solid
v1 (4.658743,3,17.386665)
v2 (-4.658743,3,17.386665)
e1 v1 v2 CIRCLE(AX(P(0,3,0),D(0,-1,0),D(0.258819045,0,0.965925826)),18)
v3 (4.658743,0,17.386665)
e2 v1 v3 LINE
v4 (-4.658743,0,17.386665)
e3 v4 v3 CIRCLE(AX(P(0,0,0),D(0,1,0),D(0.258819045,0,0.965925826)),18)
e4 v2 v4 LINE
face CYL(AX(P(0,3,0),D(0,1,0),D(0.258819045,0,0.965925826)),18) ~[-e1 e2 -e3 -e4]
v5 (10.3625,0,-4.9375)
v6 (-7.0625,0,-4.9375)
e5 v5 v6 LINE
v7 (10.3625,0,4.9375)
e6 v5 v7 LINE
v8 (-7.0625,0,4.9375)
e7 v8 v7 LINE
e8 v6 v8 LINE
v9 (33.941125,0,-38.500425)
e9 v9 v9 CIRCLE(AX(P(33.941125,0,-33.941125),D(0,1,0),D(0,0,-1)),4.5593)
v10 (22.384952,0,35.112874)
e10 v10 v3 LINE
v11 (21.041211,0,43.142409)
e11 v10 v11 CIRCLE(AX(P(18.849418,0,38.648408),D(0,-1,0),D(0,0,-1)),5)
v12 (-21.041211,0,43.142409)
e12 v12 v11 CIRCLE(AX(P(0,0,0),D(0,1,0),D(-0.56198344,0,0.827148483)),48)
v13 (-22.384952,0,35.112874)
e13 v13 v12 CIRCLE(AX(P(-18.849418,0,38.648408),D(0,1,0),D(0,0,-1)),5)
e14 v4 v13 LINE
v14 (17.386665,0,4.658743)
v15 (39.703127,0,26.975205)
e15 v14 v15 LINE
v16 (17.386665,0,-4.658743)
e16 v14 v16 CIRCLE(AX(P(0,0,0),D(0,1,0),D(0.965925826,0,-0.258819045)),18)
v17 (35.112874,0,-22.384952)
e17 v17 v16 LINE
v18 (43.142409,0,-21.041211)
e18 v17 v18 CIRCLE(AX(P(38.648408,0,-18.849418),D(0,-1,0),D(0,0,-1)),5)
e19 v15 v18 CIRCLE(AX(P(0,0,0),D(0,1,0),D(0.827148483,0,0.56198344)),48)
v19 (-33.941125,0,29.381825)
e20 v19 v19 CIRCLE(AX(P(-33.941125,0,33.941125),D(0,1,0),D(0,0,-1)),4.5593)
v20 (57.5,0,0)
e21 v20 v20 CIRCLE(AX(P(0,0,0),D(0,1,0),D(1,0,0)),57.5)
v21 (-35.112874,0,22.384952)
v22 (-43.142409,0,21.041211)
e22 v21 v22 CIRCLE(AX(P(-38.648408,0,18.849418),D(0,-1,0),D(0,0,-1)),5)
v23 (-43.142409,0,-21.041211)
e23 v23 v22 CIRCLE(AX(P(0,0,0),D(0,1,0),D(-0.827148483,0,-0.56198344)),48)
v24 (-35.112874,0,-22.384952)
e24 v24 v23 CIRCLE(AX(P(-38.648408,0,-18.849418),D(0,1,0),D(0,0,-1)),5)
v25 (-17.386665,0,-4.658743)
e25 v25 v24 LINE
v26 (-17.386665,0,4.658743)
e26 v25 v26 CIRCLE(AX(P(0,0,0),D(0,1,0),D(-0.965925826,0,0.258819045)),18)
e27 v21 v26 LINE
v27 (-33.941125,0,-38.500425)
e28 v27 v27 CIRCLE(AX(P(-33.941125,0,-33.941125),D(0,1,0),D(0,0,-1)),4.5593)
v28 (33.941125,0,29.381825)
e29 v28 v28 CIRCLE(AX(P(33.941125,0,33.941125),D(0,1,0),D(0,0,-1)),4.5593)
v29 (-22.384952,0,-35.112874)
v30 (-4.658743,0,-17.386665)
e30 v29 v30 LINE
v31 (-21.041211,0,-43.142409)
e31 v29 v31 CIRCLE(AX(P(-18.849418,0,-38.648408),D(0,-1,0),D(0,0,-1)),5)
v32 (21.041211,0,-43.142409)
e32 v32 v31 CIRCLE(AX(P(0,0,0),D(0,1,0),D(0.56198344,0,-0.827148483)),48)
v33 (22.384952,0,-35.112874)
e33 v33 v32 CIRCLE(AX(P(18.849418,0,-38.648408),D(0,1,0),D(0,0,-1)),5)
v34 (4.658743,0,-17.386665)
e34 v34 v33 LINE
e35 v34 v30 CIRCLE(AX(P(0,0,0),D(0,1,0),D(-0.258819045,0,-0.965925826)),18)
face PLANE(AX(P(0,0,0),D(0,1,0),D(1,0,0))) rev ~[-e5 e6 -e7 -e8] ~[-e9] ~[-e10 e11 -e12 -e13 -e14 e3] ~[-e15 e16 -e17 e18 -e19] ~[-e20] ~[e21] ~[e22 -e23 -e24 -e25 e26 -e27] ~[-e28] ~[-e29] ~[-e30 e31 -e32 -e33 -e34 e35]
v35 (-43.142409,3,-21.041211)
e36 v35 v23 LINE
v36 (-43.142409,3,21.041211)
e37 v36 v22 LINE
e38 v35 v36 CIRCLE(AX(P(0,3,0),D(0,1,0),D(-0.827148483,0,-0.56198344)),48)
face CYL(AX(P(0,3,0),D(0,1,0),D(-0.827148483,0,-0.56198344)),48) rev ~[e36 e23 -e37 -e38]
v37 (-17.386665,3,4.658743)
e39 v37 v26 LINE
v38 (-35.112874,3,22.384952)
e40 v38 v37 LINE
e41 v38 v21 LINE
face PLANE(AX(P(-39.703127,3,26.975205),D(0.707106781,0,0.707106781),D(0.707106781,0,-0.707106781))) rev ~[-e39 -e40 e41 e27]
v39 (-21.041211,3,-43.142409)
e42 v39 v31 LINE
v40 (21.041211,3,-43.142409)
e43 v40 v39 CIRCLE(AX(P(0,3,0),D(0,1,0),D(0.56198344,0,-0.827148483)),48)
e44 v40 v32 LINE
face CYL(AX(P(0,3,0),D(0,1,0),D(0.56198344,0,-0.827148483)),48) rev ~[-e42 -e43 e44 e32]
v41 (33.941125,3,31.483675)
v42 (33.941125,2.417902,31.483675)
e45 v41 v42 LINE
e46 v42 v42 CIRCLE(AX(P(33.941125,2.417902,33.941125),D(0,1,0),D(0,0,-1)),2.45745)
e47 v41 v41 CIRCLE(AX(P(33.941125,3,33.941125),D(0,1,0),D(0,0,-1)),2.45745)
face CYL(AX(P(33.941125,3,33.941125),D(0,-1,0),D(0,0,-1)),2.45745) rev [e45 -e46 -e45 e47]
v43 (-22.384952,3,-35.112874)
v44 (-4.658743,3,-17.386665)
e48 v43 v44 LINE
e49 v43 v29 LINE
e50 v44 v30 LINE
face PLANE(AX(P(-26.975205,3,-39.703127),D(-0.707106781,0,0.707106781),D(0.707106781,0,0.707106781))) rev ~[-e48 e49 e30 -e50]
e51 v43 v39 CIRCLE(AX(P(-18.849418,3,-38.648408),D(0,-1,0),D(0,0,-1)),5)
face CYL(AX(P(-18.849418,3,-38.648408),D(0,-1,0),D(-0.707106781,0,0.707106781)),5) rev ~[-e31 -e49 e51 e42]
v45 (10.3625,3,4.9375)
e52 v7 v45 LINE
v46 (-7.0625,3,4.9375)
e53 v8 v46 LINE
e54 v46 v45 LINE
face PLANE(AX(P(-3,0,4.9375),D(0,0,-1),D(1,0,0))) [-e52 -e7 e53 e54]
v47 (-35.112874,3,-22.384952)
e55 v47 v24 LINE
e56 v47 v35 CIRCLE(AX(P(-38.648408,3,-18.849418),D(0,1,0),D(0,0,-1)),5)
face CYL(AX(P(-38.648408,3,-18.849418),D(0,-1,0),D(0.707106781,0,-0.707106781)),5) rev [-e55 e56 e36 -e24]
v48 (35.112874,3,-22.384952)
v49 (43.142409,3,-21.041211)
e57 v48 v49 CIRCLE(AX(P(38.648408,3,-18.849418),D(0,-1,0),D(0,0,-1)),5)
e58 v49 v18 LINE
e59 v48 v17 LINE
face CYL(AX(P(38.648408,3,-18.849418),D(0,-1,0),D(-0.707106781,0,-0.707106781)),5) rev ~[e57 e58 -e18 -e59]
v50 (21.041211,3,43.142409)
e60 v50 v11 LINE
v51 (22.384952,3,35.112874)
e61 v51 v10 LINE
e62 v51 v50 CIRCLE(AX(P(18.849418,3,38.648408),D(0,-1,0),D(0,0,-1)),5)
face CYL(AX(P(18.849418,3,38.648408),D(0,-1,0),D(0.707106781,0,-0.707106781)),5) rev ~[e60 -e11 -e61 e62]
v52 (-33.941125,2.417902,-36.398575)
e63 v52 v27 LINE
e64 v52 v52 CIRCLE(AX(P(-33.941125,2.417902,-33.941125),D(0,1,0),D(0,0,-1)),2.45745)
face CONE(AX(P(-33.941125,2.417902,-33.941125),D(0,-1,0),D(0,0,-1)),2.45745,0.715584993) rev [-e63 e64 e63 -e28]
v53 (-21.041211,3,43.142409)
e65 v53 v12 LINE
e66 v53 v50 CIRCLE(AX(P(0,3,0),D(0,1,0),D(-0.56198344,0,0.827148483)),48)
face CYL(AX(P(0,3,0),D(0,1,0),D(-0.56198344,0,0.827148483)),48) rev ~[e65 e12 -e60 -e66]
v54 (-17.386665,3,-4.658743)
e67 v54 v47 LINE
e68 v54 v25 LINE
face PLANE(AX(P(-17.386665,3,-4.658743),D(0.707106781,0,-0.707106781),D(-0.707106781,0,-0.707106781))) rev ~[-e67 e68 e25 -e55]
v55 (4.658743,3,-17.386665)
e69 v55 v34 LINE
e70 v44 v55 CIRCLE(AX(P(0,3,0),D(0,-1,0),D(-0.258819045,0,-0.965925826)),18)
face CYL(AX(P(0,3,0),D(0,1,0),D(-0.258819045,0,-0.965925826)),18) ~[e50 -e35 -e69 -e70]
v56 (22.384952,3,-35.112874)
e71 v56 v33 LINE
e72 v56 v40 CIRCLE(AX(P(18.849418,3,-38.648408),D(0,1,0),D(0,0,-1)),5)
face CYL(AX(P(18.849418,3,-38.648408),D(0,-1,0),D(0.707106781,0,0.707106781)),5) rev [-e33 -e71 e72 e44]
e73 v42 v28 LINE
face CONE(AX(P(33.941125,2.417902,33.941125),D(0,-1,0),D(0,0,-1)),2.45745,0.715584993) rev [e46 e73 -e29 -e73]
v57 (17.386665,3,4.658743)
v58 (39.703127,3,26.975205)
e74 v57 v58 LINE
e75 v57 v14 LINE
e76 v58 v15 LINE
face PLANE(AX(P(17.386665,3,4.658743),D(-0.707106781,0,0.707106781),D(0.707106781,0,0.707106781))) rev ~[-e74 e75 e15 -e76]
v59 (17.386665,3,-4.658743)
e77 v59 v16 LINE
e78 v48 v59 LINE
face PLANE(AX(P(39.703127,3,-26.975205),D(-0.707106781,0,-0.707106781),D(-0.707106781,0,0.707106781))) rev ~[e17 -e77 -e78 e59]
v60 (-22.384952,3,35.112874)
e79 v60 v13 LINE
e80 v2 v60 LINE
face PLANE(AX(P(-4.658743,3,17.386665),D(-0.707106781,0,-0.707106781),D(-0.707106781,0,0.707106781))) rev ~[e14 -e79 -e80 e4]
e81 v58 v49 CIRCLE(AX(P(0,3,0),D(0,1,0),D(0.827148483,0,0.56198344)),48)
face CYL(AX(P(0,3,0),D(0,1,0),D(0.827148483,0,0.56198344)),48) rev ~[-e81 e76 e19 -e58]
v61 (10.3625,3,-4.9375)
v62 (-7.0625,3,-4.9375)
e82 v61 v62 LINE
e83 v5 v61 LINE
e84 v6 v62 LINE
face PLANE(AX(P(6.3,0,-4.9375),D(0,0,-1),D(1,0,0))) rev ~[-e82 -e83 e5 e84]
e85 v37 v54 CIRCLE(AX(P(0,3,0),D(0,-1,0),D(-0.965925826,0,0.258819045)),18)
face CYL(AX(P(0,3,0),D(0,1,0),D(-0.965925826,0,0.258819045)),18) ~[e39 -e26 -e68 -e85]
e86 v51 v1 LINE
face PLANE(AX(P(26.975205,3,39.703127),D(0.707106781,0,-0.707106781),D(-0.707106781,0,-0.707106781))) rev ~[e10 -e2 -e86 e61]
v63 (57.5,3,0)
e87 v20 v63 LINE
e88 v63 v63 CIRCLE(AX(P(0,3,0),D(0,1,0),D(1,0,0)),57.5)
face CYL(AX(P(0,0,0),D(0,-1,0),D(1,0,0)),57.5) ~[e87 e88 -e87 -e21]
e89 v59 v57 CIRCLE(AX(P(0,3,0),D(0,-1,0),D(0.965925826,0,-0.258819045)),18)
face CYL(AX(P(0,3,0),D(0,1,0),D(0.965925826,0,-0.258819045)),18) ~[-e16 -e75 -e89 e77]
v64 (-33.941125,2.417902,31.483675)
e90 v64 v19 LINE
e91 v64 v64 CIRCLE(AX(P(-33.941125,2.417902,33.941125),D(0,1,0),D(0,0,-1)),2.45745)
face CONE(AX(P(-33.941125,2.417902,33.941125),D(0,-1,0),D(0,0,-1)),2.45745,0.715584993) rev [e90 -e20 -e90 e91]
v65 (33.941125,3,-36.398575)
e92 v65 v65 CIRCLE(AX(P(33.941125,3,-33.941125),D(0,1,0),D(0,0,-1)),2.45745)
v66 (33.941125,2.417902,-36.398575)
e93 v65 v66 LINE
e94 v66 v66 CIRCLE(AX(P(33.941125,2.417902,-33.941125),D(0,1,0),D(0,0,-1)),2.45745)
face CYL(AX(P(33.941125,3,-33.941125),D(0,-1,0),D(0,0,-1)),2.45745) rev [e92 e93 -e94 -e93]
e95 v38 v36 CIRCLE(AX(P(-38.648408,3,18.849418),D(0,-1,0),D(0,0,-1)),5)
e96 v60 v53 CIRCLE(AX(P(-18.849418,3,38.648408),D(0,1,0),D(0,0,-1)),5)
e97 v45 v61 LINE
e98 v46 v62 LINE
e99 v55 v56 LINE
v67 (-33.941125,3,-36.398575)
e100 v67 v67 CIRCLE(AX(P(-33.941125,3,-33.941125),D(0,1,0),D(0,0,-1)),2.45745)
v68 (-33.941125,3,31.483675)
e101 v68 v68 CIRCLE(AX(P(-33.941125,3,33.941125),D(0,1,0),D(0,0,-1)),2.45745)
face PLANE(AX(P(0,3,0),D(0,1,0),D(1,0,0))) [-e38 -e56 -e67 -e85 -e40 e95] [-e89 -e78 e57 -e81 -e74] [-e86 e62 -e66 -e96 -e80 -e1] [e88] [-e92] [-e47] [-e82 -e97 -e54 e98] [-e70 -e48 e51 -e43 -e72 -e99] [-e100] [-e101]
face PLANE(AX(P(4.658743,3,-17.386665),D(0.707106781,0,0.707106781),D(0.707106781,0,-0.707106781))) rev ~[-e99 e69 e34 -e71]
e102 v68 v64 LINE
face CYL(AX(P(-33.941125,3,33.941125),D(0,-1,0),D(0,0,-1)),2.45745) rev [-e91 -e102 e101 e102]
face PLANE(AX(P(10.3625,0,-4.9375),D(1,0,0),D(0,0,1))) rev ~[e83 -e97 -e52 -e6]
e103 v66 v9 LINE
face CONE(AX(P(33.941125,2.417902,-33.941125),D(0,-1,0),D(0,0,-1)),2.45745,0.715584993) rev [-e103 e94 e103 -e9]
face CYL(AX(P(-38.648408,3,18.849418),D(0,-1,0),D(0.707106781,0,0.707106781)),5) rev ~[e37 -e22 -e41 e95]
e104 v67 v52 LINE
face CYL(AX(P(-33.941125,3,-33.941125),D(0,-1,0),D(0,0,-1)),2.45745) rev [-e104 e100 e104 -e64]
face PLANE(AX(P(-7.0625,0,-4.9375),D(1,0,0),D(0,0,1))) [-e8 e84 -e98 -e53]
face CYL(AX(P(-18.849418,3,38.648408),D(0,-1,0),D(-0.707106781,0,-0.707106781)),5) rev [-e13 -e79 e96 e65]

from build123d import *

# Parameters (mm, degrees)
SKETCH1_R                                     = 57.5
SKETCH1_R_2                                   = 0.5
SKETCH1_W                                     = 9.3
SKETCH1_H                                     = 9.875
BOSS_EXTRUDE1_DEPTH                           = 3
CSK_FOR_8_FLAT_HEAD_SOCKET_CAP_SCREW1_A_COUNT = 2
CSK_FOR_8_FLAT_HEAD_SOCKET_CAP_SCREW1_A_PITCH = 67.882250994
CSK_FOR_8_FLAT_HEAD_SOCKET_CAP_SCRE_2_COUNT   = 2
CSK_FOR_8_FLAT_HEAD_SOCKET_CAP_SCRE_2_PITCH   = 96
CSK_FOR_8_FLAT_HEAD_SOCKET_CAP_SCRE_3_COUNT   = 2
CSK_FOR_8_FLAT_HEAD_SOCKET_CAP_SCRE_3_PITCH   = 67.882250994
CUT_EXTRUDE1_DEPTH                            = 4
FILLET1_R                                     = 5
SKETCH5_W                                     = 4.0625
SKETCH5_H                                     = 9.875
CUT_EXTRUDE2_DEPTH                            = 4


with BuildPart() as part:
    # Sketch1 → Boss-Extrude1 (new body)
    with BuildSketch(Plane(origin=(0, 0, 0), x_dir=(1, 0, 0), z_dir=(0, 1, 0))):
        Circle(SKETCH1_R)
        with Locations((-33.941125497, 33.941125497)):
            Circle(SKETCH1_R_2, mode=Mode.SUBTRACT)
        with Locations((33.941125497, 33.941125497)):
            Circle(SKETCH1_R_2, mode=Mode.SUBTRACT)
        with Locations((33.941125497, -33.941125497)):
            Circle(SKETCH1_R_2, mode=Mode.SUBTRACT)
        with Locations((-33.941125497, -33.941125497)):
            Circle(SKETCH1_R_2, mode=Mode.SUBTRACT)
        with Locations((1.65, 0)):
            Rectangle(SKETCH1_W, SKETCH1_H, mode=Mode.SUBTRACT)
    extrude(amount=BOSS_EXTRUDE1_DEPTH)

    # Sketch2 → CSK for #8 Flat Head Socket Cap Screw1 (revolve, cut)
    with BuildSketch(Plane(origin=(-33.941125497, 0, 33.941125497), x_dir=(0, 0, -1), z_dir=(1, 0, 0))):
        Polygon((0, 0), (0, 3), (2.45745, 3), (2.45745, 2.417901837), (4.5593, 0), align=None)
    csk_for_8_flat_head_socket_cap_screw1 = revolve(axis=Axis((-33.941125497, -6.35, 33.941125497), (0, 1, 0)), mode=Mode.SUBTRACT)

    # CSK for #8 Flat Head Socket Cap Screw1 a: CSK for #8 Flat Head Socket Cap Screw1 ×2
    with Locations(*[(i * CSK_FOR_8_FLAT_HEAD_SOCKET_CAP_SCREW1_A_PITCH, 0, 0) for i in range(1, CSK_FOR_8_FLAT_HEAD_SOCKET_CAP_SCREW1_A_COUNT)]):
        add(csk_for_8_flat_head_socket_cap_screw1, mode=Mode.SUBTRACT)

    # CSK for _8 Flat Head Socket Cap Scre 2: CSK for #8 Flat Head Socket Cap Screw1 ×2
    with Locations(*[Vector(0.707106781, 0, -0.707106781) * (i * CSK_FOR_8_FLAT_HEAD_SOCKET_CAP_SCRE_2_PITCH) for i in range(1, CSK_FOR_8_FLAT_HEAD_SOCKET_CAP_SCRE_2_COUNT)]):
        add(csk_for_8_flat_head_socket_cap_screw1, mode=Mode.SUBTRACT)

    # CSK for _8 Flat Head Socket Cap Scre 3: CSK for #8 Flat Head Socket Cap Screw1 ×2
    with Locations(*[(0, 0, -i * CSK_FOR_8_FLAT_HEAD_SOCKET_CAP_SCRE_3_PITCH) for i in range(1, CSK_FOR_8_FLAT_HEAD_SOCKET_CAP_SCRE_3_COUNT)]):
        add(csk_for_8_flat_head_socket_cap_screw1, mode=Mode.SUBTRACT)

    # Sketch4 → Cut-Extrude1 (cut, through all)
    with BuildSketch(Plane(origin=(0, 3, 0), x_dir=(1, 0, 0), z_dir=(0, 1, 0))):
        with BuildLine():
            Line((-26.975205126, 39.703127187), (-4.658742812, 17.386664873))
            ThreePointArc((-4.658742812, 17.386664873), (0, 18), (4.658742812, 17.386664873))
            Line((4.658742812, 17.386664873), (26.975205126, 39.703127187))
            ThreePointArc((26.975205126, 39.703127187), (0, 48), (-26.975205126, 39.703127187))
        make_face()
        with BuildLine():
            Line((39.703127187, 26.975205126), (17.386664873, 4.658742812))
            ThreePointArc((17.386664873, 4.658742812), (18, 0), (17.386664873, -4.658742812))
            Line((17.386664873, -4.658742812), (39.703127187, -26.975205126))
            ThreePointArc((39.703127187, -26.975205126), (48, 0), (39.703127187, 26.975205126))
        make_face()
        with BuildLine():
            Line((26.975205126, -39.703127187), (4.658742812, -17.386664873))
            ThreePointArc((4.658742812, -17.386664873), (0, -18), (-4.658742812, -17.386664873))
            Line((-4.658742812, -17.386664873), (-26.975205126, -39.703127187))
            ThreePointArc((-26.975205126, -39.703127187), (0, -48), (26.975205126, -39.703127187))
        make_face()
        with BuildLine():
            Line((-39.703127187, -26.975205126), (-17.386664873, -4.658742812))
            ThreePointArc((-17.386664873, -4.658742812), (-18, 0), (-17.386664873, 4.658742812))
            Line((-17.386664873, 4.658742812), (-39.703127187, 26.975205126))
            ThreePointArc((-39.703127187, 26.975205126), (-48, 0), (-39.703127187, -26.975205126))
        make_face()
    extrude(amount=-CUT_EXTRUDE1_DEPTH, mode=Mode.SUBTRACT)

    # Fillet1
    fillet1_edges = [part.edges().sort_by_distance(p)[0] for p in [
        (-39.703127187, 1.5, 26.975205126),
        (-39.703127187, 1.5, -26.975205126),
        (-26.975205126, 1.5, -39.703127187),
        (26.975205126, 1.5, -39.703127187),
        (39.703127187, 1.5, -26.975205126),
        (26.975205126, 1.5, 39.703127187),
        (-26.975205126, 1.5, 39.703127187),
    ]]
    fillet(fillet1_edges, radius=FILLET1_R)

    # Sketch5 → Cut-Extrude2 (cut, through all)
    with BuildSketch(Plane.XZ):
        with Locations((8.33125, 0)):
            Rectangle(SKETCH5_W, SKETCH5_H)
        with Locations((-5.03125, 0)):
            Rectangle(SKETCH5_W, SKETCH5_H)
    extrude(amount=-CUT_EXTRUDE2_DEPTH, mode=Mode.SUBTRACT)


solid = part.part
